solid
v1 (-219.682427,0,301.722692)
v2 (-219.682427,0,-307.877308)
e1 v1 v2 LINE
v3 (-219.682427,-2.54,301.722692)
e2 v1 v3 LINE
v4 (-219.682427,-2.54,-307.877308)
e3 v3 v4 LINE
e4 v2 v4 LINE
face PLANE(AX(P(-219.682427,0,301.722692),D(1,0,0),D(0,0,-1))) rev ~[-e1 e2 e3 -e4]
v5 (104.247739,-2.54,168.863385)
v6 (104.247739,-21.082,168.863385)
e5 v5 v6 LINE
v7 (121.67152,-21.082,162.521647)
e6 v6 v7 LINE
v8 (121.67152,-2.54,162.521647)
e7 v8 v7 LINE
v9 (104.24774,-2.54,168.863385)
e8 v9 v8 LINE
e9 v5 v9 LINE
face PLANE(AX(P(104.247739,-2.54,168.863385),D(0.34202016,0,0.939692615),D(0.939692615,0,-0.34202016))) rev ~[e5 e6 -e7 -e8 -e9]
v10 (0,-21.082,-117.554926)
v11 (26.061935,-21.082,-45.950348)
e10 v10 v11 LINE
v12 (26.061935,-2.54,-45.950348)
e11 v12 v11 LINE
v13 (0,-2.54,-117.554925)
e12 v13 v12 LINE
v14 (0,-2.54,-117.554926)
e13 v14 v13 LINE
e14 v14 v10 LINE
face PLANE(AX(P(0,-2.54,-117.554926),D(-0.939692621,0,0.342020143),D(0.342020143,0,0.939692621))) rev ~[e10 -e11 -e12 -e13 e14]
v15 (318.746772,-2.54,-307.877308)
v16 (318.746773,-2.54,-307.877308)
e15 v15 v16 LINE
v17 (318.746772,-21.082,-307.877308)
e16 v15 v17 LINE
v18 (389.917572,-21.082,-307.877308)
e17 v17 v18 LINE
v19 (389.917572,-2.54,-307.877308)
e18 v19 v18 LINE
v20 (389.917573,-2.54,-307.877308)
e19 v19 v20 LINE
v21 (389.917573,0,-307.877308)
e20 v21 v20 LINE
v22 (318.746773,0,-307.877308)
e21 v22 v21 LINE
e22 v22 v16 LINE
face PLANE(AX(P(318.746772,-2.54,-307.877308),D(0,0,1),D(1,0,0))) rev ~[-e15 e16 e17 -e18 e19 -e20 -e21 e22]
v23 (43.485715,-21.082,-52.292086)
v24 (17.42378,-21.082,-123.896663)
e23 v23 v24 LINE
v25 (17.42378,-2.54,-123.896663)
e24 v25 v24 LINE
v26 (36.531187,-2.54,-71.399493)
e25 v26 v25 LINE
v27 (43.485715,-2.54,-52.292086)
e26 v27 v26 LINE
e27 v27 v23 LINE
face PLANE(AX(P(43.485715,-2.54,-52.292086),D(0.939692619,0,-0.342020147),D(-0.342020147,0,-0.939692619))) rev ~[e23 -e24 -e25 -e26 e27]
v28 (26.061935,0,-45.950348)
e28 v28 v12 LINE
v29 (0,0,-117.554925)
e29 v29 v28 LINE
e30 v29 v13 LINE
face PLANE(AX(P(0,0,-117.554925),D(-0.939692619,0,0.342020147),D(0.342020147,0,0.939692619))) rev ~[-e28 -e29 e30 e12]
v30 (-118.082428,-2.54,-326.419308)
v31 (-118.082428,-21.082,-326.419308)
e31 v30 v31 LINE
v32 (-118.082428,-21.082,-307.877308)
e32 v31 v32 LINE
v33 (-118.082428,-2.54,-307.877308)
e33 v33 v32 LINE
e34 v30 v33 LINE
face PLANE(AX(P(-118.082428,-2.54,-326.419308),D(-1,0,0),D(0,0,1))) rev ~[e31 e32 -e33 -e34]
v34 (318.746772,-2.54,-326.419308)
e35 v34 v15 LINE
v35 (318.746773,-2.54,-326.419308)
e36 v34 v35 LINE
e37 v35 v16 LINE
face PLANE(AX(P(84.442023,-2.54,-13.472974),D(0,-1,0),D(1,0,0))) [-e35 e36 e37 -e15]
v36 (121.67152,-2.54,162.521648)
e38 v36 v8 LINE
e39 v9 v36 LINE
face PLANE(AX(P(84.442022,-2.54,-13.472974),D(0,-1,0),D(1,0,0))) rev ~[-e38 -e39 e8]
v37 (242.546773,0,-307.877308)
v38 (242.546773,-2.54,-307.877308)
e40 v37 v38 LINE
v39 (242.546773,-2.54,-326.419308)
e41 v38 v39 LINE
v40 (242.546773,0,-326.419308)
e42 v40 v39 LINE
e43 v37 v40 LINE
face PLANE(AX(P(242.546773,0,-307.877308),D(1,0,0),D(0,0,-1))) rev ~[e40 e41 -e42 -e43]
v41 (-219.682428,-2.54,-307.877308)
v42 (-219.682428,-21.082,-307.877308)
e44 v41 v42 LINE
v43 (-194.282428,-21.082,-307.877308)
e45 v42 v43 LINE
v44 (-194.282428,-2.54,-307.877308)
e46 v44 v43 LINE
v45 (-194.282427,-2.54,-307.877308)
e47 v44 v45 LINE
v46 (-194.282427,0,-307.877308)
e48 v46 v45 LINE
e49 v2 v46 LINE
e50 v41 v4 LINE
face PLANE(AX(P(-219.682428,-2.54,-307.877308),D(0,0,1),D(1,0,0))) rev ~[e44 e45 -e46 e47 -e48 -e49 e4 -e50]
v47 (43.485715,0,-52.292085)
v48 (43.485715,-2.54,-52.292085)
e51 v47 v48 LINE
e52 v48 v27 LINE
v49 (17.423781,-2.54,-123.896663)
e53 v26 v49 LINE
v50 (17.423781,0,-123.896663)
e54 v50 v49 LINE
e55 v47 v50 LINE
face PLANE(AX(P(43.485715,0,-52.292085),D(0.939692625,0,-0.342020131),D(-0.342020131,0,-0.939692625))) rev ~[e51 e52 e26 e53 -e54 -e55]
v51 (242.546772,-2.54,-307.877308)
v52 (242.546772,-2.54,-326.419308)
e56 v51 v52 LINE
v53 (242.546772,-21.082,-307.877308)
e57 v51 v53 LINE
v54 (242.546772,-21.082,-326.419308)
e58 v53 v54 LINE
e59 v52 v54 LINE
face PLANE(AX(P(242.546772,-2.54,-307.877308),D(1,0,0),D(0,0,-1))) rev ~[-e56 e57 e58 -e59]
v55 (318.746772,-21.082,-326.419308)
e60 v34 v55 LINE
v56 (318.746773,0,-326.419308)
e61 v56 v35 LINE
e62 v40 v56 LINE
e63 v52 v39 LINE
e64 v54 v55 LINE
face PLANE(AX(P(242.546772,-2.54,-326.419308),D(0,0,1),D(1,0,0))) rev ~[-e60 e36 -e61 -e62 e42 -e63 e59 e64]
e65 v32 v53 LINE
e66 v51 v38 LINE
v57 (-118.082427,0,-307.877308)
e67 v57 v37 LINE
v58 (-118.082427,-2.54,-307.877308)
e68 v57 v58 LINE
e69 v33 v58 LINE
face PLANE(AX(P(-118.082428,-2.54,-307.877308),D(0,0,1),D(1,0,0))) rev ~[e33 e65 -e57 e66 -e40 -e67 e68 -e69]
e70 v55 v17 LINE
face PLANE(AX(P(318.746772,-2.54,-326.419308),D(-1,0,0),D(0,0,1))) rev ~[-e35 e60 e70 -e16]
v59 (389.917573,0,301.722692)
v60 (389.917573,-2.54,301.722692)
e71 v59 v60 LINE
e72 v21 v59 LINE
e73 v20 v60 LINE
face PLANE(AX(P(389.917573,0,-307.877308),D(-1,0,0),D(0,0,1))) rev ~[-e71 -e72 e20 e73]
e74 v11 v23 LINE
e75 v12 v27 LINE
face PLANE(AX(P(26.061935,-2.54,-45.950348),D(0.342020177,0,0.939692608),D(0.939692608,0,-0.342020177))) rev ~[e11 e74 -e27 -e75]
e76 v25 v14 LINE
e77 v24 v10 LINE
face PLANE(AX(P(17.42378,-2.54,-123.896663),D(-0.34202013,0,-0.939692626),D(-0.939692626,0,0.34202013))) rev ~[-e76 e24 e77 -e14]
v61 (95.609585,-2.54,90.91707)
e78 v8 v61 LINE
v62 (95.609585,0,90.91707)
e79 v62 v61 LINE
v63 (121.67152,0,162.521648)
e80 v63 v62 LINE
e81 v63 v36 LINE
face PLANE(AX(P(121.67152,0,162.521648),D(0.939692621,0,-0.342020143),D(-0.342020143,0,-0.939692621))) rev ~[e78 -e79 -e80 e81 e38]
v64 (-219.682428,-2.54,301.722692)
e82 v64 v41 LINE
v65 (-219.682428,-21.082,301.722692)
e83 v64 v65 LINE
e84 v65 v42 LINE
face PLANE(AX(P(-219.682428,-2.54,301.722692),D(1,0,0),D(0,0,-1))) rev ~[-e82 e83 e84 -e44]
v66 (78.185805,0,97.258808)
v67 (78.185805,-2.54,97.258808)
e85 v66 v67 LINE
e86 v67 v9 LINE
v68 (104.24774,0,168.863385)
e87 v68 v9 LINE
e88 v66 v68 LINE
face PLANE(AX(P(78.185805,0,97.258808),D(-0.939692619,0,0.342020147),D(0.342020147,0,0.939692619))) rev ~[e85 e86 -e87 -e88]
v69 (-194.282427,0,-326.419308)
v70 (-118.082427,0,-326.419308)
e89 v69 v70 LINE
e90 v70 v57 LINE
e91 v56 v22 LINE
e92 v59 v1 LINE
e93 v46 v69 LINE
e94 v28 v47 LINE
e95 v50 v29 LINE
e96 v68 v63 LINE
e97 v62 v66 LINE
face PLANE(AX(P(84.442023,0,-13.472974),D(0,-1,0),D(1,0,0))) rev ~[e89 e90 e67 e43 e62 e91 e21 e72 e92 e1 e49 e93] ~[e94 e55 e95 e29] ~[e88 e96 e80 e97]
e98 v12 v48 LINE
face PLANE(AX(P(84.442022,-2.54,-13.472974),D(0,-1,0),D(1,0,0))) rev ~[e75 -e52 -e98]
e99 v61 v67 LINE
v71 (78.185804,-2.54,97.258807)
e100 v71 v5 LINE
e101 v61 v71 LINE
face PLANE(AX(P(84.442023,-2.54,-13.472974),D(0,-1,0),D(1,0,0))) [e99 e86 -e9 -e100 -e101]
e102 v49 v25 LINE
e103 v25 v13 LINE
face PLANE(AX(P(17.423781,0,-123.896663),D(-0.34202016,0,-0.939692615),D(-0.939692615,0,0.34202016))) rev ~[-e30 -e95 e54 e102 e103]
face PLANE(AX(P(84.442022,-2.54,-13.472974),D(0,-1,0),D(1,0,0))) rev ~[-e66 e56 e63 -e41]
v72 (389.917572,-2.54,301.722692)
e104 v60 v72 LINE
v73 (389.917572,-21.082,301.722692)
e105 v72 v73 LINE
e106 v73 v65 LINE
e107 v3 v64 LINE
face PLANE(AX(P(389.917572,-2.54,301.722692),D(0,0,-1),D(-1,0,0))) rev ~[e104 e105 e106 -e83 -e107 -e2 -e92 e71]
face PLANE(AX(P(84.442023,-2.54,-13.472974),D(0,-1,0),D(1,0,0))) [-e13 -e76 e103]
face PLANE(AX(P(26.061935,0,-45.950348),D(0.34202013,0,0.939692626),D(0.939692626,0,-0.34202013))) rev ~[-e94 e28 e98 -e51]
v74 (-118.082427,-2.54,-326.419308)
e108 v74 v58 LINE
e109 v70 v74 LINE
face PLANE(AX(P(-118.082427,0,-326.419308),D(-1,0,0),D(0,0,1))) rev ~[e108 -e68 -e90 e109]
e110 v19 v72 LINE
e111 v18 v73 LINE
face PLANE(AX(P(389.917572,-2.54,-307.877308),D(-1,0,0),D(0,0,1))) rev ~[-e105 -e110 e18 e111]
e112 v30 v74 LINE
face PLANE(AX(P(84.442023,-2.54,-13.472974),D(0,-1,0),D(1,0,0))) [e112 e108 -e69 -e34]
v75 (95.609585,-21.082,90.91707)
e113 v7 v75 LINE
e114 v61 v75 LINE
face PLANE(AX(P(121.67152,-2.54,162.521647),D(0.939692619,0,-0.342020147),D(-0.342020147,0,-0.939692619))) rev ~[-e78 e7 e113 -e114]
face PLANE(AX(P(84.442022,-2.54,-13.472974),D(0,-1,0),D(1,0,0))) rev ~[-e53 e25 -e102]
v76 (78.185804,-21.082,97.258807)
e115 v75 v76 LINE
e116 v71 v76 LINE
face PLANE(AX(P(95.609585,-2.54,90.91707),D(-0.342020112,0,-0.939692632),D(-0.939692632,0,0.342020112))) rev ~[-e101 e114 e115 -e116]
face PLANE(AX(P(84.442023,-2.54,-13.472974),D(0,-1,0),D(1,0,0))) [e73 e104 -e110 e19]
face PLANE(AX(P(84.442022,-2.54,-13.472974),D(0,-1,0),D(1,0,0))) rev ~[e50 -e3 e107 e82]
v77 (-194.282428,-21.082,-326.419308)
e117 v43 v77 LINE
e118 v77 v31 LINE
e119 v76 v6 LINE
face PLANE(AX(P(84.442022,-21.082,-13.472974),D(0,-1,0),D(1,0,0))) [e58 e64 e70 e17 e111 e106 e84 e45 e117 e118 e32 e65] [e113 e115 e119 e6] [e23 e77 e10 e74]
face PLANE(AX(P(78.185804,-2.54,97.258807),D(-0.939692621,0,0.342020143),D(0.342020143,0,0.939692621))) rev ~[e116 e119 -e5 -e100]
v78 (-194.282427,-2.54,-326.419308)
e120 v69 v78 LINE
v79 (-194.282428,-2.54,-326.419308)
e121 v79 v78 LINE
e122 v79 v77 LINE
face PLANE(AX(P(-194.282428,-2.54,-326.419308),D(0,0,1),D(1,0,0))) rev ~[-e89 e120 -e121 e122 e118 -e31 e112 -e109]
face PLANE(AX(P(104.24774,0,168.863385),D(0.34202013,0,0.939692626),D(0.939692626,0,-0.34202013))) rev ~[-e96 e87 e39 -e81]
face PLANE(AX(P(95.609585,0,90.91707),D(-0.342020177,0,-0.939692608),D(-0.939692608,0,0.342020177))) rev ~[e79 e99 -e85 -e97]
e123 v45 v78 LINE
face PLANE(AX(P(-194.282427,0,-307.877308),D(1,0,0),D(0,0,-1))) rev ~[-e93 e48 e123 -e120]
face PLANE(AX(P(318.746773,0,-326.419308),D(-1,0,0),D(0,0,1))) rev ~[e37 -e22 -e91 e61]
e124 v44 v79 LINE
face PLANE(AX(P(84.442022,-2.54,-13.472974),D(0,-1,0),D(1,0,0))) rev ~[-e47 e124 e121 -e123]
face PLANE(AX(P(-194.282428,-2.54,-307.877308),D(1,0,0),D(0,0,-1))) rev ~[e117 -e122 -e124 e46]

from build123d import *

# Parameters (mm, degrees)
F1_DEPTH = 2.54
F2_DEPTH = 18.542


with BuildPart() as f1:
    # F0 (on Front) → F1 (new body)
    with BuildSketch(Plane.XZ):
        Polygon((389.917573, 301.722692), (-219.682427, 301.722692), (-219.682427, -307.877308), (-194.282427, -307.877308), (-194.282427, -326.419308), (-118.082427, -326.419308), (-118.082427, -307.877308), (242.546773, -307.877308), (242.546773, -326.419308), (318.746773, -326.419308), (318.746773, -307.877308), (359.933555, -307.877308), (389.917573, -307.877308), align=None)
        Polygon((0, -117.554925), (26.061935, -45.950348), (43.485715, -52.292085), (17.423781, -123.896663), align=None, mode=Mode.SUBTRACT)
        Polygon((95.609585, 90.91707), (78.185805, 97.258808), (104.24774, 168.863385), (121.67152, 162.521648), align=None, mode=Mode.SUBTRACT)
    extrude(amount=F1_DEPTH)

    # F1_face (on face) → F2 (join)
    with BuildSketch(Plane(origin=(85.128191, -2.54, -5.659924), x_dir=(1, 0, 0), z_dir=(0, -1, 0))):
        Polygon((304.789381, 307.382616), (-304.810619, 307.382616), (-304.810619, -302.217384), (-279.410619, -302.217384), (-279.410619, -320.759384), (-203.210619, -320.759384), (-203.210619, -302.217384), (157.418581, -302.217384), (157.418581, -320.759384), (233.618581, -320.759384), (233.618581, -302.217384), (304.789381, -302.217384), align=None)
        Polygon((-67.704411, -118.236739), (-85.128191, -111.895002), (-59.066256, -40.290424), (-41.642476, -46.632162), align=None, mode=Mode.SUBTRACT)
        Polygon((36.543329, 168.181571), (10.481394, 96.576994), (-6.942387, 102.918731), (19.119548, 174.523309), align=None, mode=Mode.SUBTRACT)
    extrude(amount=F2_DEPTH)


solid = f1.part
